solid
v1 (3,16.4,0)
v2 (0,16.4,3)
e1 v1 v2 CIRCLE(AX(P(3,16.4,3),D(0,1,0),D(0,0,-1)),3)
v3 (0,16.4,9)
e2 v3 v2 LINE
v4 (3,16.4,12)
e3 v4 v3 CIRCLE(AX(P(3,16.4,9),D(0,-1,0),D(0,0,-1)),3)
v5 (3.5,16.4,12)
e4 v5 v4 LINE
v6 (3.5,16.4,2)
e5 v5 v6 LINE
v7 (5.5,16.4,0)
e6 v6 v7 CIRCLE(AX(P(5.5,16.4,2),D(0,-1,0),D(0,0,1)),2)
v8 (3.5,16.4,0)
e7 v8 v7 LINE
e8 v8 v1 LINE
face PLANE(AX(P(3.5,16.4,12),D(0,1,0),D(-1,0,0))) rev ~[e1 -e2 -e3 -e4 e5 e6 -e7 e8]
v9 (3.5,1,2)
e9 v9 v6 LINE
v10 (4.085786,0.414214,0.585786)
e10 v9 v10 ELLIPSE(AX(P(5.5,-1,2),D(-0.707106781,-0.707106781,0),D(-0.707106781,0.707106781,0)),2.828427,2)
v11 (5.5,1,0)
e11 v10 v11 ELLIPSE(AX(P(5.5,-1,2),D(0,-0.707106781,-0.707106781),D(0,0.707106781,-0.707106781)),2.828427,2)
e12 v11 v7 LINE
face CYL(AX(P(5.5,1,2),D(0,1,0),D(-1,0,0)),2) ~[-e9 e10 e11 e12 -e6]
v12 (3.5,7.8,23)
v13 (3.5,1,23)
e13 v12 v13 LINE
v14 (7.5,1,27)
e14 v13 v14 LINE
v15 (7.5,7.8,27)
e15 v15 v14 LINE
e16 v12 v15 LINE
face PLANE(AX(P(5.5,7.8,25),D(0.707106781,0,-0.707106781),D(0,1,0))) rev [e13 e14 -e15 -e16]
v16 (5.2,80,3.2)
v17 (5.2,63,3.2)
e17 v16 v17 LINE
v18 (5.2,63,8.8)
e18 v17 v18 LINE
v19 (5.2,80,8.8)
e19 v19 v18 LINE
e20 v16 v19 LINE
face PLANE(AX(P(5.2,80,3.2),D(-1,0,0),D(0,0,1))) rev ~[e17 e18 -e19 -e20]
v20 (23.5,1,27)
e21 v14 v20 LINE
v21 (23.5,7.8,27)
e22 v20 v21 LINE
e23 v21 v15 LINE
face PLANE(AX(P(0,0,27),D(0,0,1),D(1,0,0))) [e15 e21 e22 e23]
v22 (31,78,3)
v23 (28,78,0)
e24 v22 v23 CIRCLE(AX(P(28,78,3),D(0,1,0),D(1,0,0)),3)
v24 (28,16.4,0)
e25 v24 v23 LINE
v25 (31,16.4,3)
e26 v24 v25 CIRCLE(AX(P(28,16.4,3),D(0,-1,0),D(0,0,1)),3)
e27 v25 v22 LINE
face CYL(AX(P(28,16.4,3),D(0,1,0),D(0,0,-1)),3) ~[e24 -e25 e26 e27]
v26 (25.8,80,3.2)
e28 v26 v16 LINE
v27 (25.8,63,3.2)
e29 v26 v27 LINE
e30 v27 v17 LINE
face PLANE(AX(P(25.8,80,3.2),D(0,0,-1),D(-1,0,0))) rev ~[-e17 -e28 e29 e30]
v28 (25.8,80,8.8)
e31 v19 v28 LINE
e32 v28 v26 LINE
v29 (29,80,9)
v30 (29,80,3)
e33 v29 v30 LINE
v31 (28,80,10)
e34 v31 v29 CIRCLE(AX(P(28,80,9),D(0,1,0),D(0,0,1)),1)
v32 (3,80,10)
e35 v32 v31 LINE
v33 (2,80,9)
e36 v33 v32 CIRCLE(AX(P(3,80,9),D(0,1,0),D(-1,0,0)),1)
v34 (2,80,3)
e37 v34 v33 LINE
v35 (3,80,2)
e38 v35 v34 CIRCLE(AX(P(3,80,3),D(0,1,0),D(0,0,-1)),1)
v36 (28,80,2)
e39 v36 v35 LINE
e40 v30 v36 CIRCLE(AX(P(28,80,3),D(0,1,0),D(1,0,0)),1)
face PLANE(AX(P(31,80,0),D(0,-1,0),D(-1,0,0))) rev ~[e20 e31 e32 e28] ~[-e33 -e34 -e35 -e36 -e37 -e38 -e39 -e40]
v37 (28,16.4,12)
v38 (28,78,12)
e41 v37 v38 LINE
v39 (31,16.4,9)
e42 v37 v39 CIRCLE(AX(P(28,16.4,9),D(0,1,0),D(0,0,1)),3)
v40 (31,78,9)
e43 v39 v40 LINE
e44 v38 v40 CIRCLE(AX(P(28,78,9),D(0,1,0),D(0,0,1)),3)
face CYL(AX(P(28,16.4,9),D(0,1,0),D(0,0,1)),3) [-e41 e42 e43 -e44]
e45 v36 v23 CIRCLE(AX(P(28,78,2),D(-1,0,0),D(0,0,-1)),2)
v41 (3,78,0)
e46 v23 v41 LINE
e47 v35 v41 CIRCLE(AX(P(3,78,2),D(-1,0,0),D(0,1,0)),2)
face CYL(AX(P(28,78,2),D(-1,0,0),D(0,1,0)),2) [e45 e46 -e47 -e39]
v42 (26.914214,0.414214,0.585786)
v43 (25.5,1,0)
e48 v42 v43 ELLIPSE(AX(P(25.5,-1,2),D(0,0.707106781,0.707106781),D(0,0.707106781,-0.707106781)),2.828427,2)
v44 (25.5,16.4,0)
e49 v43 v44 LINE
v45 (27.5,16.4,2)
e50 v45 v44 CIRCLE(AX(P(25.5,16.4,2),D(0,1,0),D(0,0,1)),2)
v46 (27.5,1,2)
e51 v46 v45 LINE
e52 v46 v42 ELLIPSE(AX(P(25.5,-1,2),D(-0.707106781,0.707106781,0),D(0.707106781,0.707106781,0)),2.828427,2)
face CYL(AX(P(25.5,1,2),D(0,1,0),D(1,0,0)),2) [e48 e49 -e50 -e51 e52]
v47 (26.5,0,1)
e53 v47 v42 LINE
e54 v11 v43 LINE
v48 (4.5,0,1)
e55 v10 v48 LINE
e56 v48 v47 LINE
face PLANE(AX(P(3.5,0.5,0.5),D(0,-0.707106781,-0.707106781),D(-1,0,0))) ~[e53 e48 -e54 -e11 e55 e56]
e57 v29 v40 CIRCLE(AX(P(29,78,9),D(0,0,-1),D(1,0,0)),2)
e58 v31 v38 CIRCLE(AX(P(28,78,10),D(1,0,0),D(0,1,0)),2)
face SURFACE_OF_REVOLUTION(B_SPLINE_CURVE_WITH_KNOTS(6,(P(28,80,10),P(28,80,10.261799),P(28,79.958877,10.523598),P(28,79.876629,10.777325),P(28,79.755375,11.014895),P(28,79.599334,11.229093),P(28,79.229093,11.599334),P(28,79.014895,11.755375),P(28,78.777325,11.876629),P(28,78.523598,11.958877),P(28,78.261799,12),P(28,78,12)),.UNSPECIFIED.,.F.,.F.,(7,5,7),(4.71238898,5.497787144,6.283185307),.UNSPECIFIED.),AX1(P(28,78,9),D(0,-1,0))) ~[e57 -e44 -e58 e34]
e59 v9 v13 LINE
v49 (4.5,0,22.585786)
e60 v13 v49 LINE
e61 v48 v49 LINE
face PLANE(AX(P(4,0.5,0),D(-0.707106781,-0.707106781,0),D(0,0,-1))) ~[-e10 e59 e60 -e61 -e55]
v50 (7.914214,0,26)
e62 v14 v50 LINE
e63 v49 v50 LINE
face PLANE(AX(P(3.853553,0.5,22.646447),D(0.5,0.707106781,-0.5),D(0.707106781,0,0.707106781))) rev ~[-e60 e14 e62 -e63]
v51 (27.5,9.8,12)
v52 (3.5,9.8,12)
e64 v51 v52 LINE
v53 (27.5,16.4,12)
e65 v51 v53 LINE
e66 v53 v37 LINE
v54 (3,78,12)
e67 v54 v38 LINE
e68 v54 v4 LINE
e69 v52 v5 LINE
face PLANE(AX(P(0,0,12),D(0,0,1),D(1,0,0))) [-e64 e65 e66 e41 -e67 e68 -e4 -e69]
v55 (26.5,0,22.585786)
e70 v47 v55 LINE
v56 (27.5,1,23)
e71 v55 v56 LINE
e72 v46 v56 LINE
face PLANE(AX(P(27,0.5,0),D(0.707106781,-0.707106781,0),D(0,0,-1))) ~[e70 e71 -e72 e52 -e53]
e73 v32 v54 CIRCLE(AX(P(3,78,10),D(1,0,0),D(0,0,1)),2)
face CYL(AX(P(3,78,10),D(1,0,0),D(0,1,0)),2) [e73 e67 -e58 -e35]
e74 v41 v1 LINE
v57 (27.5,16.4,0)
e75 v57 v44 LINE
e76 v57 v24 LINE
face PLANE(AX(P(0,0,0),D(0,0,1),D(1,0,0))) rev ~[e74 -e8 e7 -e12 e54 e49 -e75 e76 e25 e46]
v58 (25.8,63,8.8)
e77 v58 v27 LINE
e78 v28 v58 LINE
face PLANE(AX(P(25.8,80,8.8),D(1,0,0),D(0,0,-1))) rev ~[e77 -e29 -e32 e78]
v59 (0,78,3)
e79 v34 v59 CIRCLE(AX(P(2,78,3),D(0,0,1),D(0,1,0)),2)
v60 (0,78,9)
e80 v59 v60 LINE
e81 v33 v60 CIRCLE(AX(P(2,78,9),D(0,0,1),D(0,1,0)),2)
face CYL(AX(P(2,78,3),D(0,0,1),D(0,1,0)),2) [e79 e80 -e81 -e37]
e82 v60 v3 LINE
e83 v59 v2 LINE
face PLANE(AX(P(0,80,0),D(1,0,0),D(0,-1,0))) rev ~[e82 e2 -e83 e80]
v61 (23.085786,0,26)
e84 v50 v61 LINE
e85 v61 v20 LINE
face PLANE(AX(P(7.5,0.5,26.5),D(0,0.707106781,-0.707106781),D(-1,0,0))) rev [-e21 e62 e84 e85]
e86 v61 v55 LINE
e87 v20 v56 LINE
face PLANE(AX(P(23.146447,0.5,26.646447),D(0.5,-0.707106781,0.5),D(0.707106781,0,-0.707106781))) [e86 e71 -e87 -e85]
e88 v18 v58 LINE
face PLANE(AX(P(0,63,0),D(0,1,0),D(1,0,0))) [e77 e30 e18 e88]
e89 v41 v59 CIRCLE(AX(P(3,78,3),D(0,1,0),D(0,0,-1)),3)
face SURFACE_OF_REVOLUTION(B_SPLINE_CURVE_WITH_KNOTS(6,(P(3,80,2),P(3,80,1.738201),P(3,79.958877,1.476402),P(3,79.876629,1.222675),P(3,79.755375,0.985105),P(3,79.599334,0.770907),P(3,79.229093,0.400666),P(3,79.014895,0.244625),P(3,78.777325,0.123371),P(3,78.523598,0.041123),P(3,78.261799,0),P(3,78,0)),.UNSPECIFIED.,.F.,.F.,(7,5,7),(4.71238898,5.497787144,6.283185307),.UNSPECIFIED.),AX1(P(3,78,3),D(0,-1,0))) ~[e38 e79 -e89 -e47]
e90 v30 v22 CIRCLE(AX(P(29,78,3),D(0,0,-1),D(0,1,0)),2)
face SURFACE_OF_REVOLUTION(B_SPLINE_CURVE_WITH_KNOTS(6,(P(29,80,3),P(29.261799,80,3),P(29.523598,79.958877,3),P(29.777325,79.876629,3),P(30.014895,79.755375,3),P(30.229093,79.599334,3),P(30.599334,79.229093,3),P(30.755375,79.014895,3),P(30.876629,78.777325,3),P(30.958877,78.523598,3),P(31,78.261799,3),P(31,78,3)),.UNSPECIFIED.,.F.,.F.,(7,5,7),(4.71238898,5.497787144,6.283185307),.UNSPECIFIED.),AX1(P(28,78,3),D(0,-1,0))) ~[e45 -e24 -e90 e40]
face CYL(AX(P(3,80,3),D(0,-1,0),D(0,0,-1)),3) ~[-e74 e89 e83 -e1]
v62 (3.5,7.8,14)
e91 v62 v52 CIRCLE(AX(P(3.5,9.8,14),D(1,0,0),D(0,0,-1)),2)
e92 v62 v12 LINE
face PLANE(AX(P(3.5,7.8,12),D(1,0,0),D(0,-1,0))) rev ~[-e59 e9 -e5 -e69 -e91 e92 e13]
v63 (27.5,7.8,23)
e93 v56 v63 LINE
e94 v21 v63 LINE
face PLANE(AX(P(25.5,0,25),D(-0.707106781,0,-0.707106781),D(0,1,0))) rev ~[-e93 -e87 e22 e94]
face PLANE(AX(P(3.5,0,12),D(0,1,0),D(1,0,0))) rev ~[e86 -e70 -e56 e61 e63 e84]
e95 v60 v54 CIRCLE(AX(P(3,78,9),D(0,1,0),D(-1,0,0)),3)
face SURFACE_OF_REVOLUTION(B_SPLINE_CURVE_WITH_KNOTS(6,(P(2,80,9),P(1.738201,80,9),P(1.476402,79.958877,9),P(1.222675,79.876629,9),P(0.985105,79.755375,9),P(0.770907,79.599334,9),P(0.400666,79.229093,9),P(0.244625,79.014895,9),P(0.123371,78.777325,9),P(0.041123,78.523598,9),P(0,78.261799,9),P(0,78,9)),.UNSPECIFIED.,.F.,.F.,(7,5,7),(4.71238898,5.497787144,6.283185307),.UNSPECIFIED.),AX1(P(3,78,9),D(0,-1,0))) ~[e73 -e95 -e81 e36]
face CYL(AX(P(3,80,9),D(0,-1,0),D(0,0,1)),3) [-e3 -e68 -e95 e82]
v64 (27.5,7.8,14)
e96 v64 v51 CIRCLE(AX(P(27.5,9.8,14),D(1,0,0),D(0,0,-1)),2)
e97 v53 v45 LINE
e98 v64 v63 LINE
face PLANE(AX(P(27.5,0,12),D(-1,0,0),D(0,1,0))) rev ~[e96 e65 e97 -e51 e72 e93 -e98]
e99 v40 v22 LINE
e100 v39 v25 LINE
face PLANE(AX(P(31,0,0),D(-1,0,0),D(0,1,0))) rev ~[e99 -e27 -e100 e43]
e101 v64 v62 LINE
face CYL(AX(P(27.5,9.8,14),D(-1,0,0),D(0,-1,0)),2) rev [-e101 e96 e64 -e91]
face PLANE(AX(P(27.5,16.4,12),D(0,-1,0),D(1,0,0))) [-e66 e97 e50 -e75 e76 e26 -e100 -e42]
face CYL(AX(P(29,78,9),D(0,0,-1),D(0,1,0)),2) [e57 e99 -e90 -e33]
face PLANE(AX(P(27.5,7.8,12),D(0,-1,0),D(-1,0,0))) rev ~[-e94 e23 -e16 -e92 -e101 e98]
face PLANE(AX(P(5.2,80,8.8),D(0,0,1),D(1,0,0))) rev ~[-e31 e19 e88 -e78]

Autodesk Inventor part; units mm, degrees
ref_plane "YZ Plane" through (0, 0, 0) normal (1, 0, 0) x (0, 1, 0)
ref_plane "XZ Plane" through (0, 0, 0) normal (0, 1, 0) x (-1, 0, 0)
ref_plane "XY Plane" through (0, 0, 0) normal (0, 0, 1) x (1, 0, 0)
sketch "Sketch5" plane through (0, 0, 0) normal (0, 0, 1) x (1, 0, 0)
  line L0 (0, 0) -> (31, 0)
  line L1 (31, 0) -> (31, 80)
  line L2 (31, 80) -> (0, 80)
  line L3 (0, 80) -> (0, 0)
  dimension "d33" = 31
  dimension "d64" = 80
extrude "Extrusion5" add sketch "Sketch5" along normal blind 12
sketch "Sketch6" plane through (0, 0, 12) normal (0, 0, 1) x (1, 0, 0)
  line L0 (0, 80) -> (0, 0) projected
  line L1 (0, 0) -> (3.5, 0)
  line L2 (3.5, 0) -> (3.5, 16.4)
  line L3 (3.5, 16.4) -> (0, 16.4)
  line L4 (0, 16.4) -> (0, 0)
  line L5 (0, 0) -> (31, 0) projected
  line L6 (31, 0) -> (27.5, 0)
  line L7 (27.5, 0) -> (27.5, 16.4)
  line L8 (27.5, 16.4) -> (31, 16.4)
  line L9 (31, 16.4) -> (31, 0)
  dimension "d40" = 24
  dimension "d41" = 16.4
extrude "Extrusion6" cut sketch "Sketch6" against normal up to surface (12 mm away)
sketch "Sketch7" plane through (0, 0, 12) normal (0, 0, 1) x (1, 0, 0)
  line L0 (3.5, 0) -> (27.5, 0) projected
  line L1 (3.5, 0) -> (27.5, 0)
  line L2 (27.5, 0) -> (27.5, 7.8)
  line L3 (27.5, 7.8) -> (3.5, 7.8)
  line L4 (3.5, 7.8) -> (3.5, 0)
  point P0 (0, 0)
  dimension "d44" = 7.8
extrude "Extrusion7" add sketch "Sketch7" along normal blind 15
sketch "Sketch8" plane through (0, 80, 0) normal (0, 1, 0) x (1, 0, 0)
  line L0 (31, -12) -> (0, -12) projected
  line L1 (31, 0) -> (31, -12) projected
  line L2 (5.2, -8.8) -> (25.8, -8.8)
  line L3 (25.8, -8.8) -> (25.8, -3.2)
  line L4 (25.8, -3.2) -> (5.2, -3.2)
  line L5 (5.2, -3.2) -> (5.2, -8.8)
  line L6 (5.2, -8.8) -> (25.8, -3.2) construction
  line L7 (25.8, -8.8) -> (5.2, -3.2) construction
  point P0 (0, 0)
  point P1 (15.5, -6)
  point P2 (15.5, -12)
  point P3 (31, -6)
  dimension "d47" = 20.6
  dimension "d48" = 5.6
extrude "Extrusion8" cut sketch "Sketch8" against normal blind 17
chamfer "Chamfer3" distance 4 angle 45 2 edges at (3.5, 3.9, 27) (27.5, 3.9, 27)
chamfer "Chamfer4" distance 1 angle 45 6 edges at (3.5, 0, 11.5) (5.5, 0, 25) (15.5, 0, 27) (25.5, 0, 25) (27.5, 0, 11.5) (15.5, 0, 0)
fillet "Fillet2" radius 2 1 edges at (15.5, 7.8, 12)
fillet "Fillet3" radius 3 4 edges at (0, 48.2, 12) (31, 48.2, 12) (31, 48.2, 0) (0, 48.2, 0)
fillet "Fillet4" radius 2 8 edges at (0, 80, 6) (0.8787, 80, 0.8787) (15.5, 80, 0) (30.1213, 80, 0.8787) (31, 80, 6) (30.1213, 80, 11.1213) (15.5, 80, 12) (0.8787, 80, 11.1213)
fillet "Fillet5" radius 2 2 edges at (27.5, 8.7, 0) (3.5, 8.7, 0)
properties part number "BaseAux_Sensor"
